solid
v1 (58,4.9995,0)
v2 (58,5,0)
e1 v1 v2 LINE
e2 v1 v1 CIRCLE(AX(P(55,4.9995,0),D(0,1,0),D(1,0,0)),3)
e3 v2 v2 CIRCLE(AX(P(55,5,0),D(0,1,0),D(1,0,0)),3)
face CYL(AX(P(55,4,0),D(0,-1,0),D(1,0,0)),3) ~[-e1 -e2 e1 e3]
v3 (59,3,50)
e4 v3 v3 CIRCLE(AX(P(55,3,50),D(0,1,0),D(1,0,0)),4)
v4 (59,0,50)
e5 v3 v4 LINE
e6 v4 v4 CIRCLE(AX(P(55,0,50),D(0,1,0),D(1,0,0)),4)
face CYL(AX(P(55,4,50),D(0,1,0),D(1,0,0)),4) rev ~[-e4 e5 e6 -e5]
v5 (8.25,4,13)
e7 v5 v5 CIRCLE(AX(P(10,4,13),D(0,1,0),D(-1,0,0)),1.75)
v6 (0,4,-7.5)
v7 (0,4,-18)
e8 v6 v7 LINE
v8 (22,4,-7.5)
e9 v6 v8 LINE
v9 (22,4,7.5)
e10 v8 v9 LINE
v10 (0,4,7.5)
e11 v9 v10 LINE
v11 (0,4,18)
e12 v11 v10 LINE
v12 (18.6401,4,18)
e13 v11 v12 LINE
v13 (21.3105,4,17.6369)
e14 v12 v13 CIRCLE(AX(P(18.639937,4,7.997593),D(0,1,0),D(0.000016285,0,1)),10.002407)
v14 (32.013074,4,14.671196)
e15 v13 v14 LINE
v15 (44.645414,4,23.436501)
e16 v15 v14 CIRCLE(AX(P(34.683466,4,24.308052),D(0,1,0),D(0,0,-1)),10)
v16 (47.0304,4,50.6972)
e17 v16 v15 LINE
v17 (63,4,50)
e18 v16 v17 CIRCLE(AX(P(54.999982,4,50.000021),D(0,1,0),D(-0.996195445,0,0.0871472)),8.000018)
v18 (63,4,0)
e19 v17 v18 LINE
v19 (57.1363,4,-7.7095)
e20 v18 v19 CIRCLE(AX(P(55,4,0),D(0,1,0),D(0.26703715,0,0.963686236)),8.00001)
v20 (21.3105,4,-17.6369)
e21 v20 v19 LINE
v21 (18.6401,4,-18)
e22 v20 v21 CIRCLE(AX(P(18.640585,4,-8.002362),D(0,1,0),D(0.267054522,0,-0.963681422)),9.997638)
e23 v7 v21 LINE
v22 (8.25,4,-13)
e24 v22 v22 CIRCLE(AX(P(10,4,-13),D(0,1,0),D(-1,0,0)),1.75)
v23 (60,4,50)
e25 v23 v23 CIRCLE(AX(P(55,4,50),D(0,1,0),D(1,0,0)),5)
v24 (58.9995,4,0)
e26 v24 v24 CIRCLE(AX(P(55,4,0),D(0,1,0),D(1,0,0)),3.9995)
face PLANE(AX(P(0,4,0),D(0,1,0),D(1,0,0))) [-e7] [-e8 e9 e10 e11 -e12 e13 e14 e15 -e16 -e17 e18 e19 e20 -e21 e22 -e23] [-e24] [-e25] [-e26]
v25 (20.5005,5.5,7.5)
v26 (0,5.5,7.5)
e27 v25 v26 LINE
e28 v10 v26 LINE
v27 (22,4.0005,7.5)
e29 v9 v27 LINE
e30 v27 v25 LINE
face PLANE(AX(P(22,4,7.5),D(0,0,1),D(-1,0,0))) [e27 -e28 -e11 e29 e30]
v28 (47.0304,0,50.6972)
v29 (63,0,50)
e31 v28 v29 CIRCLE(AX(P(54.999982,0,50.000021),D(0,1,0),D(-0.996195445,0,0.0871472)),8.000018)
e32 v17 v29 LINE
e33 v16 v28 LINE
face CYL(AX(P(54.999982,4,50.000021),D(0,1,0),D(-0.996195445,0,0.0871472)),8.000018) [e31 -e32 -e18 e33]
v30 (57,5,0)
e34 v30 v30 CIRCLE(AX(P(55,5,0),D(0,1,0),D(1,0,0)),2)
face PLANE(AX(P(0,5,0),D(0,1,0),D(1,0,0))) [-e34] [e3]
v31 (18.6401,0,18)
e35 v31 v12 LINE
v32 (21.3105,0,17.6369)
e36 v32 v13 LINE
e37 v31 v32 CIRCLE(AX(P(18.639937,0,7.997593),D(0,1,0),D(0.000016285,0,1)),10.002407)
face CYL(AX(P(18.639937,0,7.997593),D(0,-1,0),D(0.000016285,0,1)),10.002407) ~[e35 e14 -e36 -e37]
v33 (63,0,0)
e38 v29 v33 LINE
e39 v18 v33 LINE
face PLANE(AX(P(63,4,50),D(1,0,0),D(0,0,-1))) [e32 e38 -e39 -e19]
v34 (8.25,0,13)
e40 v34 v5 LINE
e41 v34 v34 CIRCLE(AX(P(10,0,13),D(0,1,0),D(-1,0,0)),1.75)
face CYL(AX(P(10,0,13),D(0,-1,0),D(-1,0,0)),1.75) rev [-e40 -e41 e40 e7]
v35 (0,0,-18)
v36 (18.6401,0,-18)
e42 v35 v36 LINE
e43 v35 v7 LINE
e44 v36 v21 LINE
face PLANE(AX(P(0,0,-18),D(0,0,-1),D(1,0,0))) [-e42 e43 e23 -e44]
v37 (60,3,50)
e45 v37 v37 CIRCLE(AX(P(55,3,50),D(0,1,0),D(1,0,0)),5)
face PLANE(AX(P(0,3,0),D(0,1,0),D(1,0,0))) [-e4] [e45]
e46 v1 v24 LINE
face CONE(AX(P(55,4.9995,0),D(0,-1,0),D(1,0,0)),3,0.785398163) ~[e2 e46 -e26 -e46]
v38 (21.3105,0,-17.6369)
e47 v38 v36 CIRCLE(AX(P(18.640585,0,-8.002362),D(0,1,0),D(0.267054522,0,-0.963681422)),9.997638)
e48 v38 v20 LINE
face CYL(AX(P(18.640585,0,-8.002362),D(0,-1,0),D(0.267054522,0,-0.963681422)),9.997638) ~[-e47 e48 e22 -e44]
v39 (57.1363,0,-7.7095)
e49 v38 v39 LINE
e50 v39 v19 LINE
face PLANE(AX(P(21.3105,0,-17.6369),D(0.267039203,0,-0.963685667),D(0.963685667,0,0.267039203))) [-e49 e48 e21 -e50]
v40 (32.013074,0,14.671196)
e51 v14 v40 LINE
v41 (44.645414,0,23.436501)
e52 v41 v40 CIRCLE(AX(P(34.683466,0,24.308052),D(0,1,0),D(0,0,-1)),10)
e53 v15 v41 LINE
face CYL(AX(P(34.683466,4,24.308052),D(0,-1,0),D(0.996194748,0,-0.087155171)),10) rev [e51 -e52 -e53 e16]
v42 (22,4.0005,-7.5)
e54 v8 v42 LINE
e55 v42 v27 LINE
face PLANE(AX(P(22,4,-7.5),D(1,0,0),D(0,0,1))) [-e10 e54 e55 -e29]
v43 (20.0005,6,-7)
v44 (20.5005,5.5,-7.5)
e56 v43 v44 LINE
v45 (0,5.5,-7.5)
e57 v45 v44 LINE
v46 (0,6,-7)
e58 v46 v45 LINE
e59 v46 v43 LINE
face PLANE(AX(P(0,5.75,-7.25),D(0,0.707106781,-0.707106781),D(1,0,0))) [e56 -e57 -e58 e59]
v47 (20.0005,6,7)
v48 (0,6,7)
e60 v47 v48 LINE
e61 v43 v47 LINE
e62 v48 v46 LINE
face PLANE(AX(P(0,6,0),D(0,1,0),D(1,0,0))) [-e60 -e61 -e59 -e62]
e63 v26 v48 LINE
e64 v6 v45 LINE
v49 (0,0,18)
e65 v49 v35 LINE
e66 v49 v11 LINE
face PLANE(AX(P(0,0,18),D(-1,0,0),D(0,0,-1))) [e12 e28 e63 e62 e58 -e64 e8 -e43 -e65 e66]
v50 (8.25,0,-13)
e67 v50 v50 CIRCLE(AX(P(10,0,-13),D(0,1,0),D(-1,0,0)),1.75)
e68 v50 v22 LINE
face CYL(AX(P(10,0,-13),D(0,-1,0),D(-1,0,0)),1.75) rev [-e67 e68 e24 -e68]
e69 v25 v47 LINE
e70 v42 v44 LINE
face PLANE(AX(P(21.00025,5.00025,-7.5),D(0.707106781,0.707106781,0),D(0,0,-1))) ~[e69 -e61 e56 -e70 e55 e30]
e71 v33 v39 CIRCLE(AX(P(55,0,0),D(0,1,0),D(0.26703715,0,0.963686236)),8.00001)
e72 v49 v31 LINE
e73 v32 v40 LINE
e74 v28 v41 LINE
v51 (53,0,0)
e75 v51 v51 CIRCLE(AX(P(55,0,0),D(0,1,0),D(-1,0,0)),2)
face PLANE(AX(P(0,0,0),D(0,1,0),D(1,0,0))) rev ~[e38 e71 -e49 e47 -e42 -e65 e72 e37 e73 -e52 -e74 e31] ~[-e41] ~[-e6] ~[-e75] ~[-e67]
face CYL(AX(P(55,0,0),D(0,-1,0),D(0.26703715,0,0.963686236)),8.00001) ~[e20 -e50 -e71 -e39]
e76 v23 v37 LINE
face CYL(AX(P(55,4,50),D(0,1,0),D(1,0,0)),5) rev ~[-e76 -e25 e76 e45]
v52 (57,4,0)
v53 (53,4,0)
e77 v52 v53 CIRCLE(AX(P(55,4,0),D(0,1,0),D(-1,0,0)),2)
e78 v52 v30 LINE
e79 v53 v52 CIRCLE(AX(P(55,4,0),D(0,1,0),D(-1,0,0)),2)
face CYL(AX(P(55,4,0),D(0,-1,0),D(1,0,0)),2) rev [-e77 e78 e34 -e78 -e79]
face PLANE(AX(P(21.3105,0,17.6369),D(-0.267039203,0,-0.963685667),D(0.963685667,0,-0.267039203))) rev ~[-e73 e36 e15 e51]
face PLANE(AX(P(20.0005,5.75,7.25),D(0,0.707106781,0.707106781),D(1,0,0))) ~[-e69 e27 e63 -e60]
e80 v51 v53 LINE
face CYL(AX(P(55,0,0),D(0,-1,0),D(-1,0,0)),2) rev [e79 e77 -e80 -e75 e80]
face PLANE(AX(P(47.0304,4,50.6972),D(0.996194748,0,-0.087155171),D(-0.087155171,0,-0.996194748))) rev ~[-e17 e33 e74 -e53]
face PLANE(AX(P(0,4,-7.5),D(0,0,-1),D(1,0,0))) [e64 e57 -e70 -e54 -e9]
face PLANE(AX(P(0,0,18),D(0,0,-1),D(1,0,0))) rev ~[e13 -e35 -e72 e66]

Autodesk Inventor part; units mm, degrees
ref_plane "YZ Plane" through (0, 0, 0) normal (1, 0, 0) x (0, 1, 0)
ref_plane "XZ Plane" through (0, 0, 0) normal (0, 1, 0) x (-1, 0, 0)
ref_plane "XY Plane" through (0, 0, 0) normal (0, 0, 1) x (1, 0, 0)
sketch "Эскиз1" plane through (0, 0, 0) normal (0, 1, 0) x (-1, 0, 0)
  line L0 (0, 18) -> (0, -18)
  arc A0 (-57.1363, 7.7095) -> (-57.1363, -7.7095) centre (-55, 0) ccw
  line L1 (0, 0) -> (-6.25, 0) construction
  line L2 (0, 18) -> (-18.6401, 18)
  line L3 (-21.3105, 17.6369) -> (-57.1363, 7.7095)
  line L4 (0, -18) -> (-18.6401, -18)
  line L5 (-21.3105, -17.6369) -> (-57.1363, -7.7095)
  circle A1 centre (-55, 0) radius 2
  arc A2 (-18.6401, 18) -> (-21.3105, 17.6369) centre (-18.6401, 8) ccw
  arc A3 (-21.3105, -17.6369) -> (-18.6401, -18) centre (-18.6401, -8) ccw
  circle A4 centre (-10, -13) radius 1.75
  circle A5 centre (-10, 13) radius 1.75
  line L6 (-10, 13) -> (-10, -13) construction
  point P0 (-20, 18)
  dimension "d0" = 16
  dimension "d1" = 36
  dimension "d2" = 55
  dimension "d3" = 20
  dimension "d4" = 4
  dimension "d5" = 10
  dimension "d18" = 3.5
  dimension "d19" = 13
  dimension "d20" = 10
extrude "Выдавливание1" add sketch "Эскиз1" along normal blind 4
sketch "Эскиз2" plane through (0, 4, 0) normal (0, 1, 0) x (1, 0, 0)
  line L0 (0, 0) -> (14.985, 0) construction
  line L1 (0, 7.5) -> (22, 7.5)
  line L2 (22, 7.5) -> (22, -7.5)
  line L3 (22, -7.5) -> (0, -7.5)
  line L4 (0, -7.5) -> (0, 7.5)
  line L5 (0, 18) -> (0, -18) projected
  dimension "d8" = 15
  dimension "d9" = 22
extrude "Выдавливание2" add sketch "Эскиз2" along normal blind 2
chamfer "Фаска1" distance 2 angle 45 1 edges at (22, 6, 0)
chamfer "Фаска2" distance 0.5 angle 45 2 edges at (10.0002, 6, 7.5) (10.0003, 6, -7.5)
sketch "Эскиз4" plane through (0, 4, 0) normal (0, 1, 0) x (1, 0, 0)
  arc A0 (47.0304, -50.6972) -> (63, -50) centre (55, -50) ccw
  line L0 (63, -50) -> (63, 0)
  arc A1 (57.1363, -7.7095) -> (57.1363, 7.7095) centre (55, 0) ccw projected
  line L1 (47.0304, -50.6972) -> (43.5977, -11.461)
  line L2 (57.1363, -7.7095) -> (21.3105, -17.6369) projected
  circle A2 centre (55, -50) radius 4
  point P0 (0, 0)
  dimension "d21" = 16
  dimension "d22" = 50
  dimension "d23" = 55
  dimension "d24" = 5
  dimension "d34" = 8
  dimension "d35" = 55
extrude "Выдавливание3" add sketch "Эскиз4" against normal up to surface (4 mm away)
fillet "Сопряжение1" radius 10 1 edges at (43.5977, 2, 11.461)
sketch "Эскиз5" plane through (0, 4, 0) normal (0, 1, 0) x (1, 0, 0)
  circle A0 centre (55, 0) radius 2 projected
  circle A1 centre (55, 0) radius 3
  point P0 (0, 0)
  dimension "d28" = 1
extrude "Выдавливание4" add sketch "Эскиз5" along normal blind 1
chamfer "Фаска3" distance 1 angle 45 1 edges at (52, 4, 0)
sketch "Эскиз7" plane through (0, 4, 0) normal (0, 1, 0) x (1, 0, 0)
  circle A0 centre (55, -50) radius 4 projected
  circle A1 centre (55, -50) radius 5
  point P0 (0, 0)
  dimension "d36" = 10
extrude "Выдавливание5" cut sketch "Эскиз7" against normal blind 1
properties part number "04-06-Рычаг нижний"
